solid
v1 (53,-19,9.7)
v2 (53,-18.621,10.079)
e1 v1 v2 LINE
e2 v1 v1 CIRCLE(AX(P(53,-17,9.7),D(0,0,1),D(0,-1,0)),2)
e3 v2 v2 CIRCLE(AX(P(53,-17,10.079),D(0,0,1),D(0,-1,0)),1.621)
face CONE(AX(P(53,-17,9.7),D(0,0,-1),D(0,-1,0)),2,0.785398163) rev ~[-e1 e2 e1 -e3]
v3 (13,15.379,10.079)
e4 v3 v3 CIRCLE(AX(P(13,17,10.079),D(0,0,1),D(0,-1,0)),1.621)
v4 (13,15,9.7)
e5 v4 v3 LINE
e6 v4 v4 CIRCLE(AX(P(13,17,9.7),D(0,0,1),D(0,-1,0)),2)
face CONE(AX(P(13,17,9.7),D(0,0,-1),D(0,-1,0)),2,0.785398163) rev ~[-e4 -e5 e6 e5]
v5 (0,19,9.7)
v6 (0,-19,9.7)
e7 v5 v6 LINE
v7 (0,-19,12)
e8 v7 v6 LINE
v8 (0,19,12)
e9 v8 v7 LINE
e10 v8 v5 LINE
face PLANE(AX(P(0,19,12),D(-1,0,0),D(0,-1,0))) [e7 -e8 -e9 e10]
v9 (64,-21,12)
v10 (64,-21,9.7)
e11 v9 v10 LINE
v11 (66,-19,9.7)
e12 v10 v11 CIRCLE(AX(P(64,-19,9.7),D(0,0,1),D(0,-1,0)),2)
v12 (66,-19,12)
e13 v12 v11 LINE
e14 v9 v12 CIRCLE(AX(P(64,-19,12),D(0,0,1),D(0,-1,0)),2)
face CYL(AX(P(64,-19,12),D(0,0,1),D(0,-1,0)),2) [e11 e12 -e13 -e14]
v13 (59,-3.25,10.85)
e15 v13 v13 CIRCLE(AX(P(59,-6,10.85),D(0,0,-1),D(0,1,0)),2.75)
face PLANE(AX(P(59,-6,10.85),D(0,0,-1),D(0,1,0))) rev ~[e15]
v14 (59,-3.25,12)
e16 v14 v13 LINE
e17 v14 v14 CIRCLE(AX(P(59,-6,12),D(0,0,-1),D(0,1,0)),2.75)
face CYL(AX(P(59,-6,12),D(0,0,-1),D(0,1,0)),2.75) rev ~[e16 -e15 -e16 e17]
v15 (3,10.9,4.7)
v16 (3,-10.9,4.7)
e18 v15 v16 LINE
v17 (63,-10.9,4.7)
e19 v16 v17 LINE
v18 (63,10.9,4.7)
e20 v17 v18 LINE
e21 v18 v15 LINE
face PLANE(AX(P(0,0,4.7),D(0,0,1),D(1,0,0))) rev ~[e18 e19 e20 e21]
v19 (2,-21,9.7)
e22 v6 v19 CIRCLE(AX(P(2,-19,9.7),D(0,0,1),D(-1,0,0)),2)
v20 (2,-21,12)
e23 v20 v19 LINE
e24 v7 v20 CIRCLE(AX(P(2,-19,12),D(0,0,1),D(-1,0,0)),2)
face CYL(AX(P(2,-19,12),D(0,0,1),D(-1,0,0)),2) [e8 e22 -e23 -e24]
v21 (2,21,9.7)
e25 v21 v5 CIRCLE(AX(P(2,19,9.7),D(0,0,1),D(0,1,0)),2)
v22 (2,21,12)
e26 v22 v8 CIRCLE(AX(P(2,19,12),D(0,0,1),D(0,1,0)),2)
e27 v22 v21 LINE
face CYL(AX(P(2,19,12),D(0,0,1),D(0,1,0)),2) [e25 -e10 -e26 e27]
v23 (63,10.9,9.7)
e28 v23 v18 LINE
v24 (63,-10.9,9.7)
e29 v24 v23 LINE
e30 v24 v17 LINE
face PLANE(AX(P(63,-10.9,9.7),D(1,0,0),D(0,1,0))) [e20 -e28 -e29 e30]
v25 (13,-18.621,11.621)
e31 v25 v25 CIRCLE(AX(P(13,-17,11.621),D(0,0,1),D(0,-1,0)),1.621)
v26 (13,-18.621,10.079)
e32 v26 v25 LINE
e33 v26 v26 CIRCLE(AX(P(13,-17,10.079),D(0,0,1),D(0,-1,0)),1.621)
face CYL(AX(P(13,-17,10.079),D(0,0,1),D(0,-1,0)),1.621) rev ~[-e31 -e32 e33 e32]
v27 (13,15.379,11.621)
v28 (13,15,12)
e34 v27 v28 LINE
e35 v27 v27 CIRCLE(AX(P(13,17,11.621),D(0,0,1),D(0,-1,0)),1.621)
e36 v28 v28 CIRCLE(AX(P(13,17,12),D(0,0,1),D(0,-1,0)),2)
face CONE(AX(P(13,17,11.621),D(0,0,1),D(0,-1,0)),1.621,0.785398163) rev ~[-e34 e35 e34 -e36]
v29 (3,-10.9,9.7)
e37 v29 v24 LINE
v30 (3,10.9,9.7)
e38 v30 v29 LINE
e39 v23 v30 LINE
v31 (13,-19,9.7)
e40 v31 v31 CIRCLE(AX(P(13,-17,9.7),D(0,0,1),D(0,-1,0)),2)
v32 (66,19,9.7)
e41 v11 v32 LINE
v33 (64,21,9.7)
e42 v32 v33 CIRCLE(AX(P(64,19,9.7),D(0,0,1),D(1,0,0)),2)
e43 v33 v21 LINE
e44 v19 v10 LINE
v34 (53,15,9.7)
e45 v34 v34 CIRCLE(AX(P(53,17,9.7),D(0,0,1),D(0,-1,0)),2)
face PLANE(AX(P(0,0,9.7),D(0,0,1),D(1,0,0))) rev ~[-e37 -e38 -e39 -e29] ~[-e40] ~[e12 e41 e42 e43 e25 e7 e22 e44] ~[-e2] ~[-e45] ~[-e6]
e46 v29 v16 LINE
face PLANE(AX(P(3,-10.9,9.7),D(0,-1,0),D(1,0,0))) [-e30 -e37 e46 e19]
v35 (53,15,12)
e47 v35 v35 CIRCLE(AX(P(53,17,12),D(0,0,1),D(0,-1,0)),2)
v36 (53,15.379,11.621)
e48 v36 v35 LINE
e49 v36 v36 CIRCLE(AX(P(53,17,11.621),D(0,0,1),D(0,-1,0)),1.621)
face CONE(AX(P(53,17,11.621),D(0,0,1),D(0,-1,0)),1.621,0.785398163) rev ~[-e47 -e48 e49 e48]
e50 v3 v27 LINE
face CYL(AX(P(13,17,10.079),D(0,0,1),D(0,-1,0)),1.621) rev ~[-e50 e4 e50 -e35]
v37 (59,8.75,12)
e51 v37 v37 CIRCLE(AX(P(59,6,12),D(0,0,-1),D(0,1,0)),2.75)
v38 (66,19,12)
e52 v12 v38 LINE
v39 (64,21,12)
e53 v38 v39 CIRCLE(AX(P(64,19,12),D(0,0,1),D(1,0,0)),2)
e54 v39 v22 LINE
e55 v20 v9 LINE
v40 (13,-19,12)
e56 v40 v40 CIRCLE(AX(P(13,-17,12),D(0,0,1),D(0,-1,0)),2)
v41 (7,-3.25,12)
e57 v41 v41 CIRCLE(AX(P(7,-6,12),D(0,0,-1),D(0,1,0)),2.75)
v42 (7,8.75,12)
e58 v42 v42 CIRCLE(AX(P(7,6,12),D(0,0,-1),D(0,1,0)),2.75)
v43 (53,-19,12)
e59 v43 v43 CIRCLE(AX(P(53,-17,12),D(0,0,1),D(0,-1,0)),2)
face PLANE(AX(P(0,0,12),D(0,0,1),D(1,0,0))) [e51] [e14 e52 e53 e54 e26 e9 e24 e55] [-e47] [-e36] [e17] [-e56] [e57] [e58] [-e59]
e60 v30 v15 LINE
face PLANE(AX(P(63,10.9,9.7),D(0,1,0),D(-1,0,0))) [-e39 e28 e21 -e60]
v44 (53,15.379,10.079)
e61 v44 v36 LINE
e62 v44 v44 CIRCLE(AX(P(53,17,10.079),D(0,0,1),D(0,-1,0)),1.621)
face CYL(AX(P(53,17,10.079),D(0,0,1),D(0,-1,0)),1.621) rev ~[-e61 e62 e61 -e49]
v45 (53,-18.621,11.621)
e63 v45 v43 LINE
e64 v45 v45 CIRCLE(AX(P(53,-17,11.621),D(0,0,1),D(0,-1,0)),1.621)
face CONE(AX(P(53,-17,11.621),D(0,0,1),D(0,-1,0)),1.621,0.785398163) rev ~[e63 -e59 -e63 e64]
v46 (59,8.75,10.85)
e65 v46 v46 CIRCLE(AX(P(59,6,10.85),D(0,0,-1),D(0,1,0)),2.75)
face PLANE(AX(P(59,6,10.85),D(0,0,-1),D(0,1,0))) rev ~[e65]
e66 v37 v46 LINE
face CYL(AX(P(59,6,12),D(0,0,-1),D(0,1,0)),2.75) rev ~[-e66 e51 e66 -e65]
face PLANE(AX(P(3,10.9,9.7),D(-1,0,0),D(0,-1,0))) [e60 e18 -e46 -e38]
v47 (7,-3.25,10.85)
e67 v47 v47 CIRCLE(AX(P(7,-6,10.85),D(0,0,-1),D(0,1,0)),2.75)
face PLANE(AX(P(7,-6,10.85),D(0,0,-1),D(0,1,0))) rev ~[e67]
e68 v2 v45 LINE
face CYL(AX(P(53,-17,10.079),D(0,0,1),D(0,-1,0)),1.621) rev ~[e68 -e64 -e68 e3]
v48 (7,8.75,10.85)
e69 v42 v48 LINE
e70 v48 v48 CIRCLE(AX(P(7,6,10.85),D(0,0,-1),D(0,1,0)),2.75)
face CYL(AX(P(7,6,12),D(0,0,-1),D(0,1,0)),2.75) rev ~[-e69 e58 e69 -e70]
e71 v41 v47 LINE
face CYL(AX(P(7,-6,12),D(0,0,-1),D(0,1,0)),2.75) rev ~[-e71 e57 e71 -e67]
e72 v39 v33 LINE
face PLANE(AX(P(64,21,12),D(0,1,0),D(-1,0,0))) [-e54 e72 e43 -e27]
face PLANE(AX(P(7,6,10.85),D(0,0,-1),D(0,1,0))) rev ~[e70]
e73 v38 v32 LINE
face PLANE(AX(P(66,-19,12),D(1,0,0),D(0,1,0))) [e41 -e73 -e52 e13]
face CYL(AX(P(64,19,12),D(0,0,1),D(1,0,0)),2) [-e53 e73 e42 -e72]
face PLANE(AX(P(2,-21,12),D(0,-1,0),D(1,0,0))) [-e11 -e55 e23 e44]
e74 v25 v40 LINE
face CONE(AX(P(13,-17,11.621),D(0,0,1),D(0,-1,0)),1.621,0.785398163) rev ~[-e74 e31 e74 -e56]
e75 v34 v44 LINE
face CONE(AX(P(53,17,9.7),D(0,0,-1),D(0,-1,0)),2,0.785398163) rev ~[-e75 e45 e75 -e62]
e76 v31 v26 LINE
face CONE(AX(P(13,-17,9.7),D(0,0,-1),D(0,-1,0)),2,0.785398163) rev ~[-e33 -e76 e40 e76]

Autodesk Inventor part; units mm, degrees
sketch "Sketch_1" plane through (0, 0, 12) normal (0, 0, 1) x (1, 0, 0)
  arc A0 (0, -19) -> (2, -21) centre (2, -19) ccw
  line L0 (2, -21) -> (64, -21)
  arc A1 (64, -21) -> (66, -19) centre (64, -19) ccw
  line L1 (66, -19) -> (66, 19)
  arc A2 (66, 19) -> (64, 21) centre (64, 19) ccw
  line L2 (64, 21) -> (2, 21)
  arc A3 (2, 21) -> (0, 19) centre (2, 19) ccw
  line L3 (0, 19) -> (0, -19)
extrude "Extrusion1" add sketch "Sketch_1" against normal blind 2.3
sketch "Sketch_6" plane through (0, 0, 9.7) normal (0, 0, 1) x (1, 0, 0)
  line L0 (3, 10.9) -> (3, -10.9)
  line L1 (3, -10.9) -> (63, -10.9)
  line L2 (63, -10.9) -> (63, 10.9)
  line L3 (63, 10.9) -> (3, 10.9)
extrude "Extrusion2" add sketch "Sketch_6" against normal blind 5
sketch "Sketch_2_ALT_Drilling_1" plane through (13, 0, 0) normal (1, 0, 0) x (0, 0, -1)
  line L0 (-12, 17) -> (-9.7, 17)
  line L1 (-9.7, 17) -> (-9.7, 15)
  line L2 (-9.7, 15) -> (-10.079, 15.379)
  line L3 (-10.079, 15.379) -> (-11.621, 15.379)
  line L4 (-11.621, 15.379) -> (-12, 15)
  line L5 (-12, 15) -> (-12, 17)
  line L6 (-12, 17) -> (-9.7, 17)
revolve "Revolution1" cut sketch "Sketch_2_ALT_Drilling_1" angle 360 about axis through (13, 17, 12) along (0, 0, 1)
thread "Thread1" size "M4x0.7" class "6H" standard "ISO Metric profile" full length
sketch "Sketch_3_ALT_Drilling_2" plane through (13, 0, 0) normal (1, 0, 0) x (0, 0, -1)
  line L0 (-12, -17) -> (-9.7, -17)
  line L1 (-9.7, -17) -> (-9.7, -19)
  line L2 (-9.7, -19) -> (-10.079, -18.621)
  line L3 (-10.079, -18.621) -> (-11.621, -18.621)
  line L4 (-11.621, -18.621) -> (-12, -19)
  line L5 (-12, -19) -> (-12, -17)
  line L6 (-12, -17) -> (-9.7, -17)
revolve "Revolution2" cut sketch "Sketch_3_ALT_Drilling_2" angle 360 about axis through (13, -17, 12) along (0, 0, 1)
thread "Thread2" size "M4x0.7" class "6H" standard "ISO Metric profile" full length
sketch "Sketch_4_ALT_Drilling_3" plane through (53, 0, 0) normal (1, 0, 0) x (0, 0, -1)
  line L0 (-12, 17) -> (-9.7, 17)
  line L1 (-9.7, 17) -> (-9.7, 15)
  line L2 (-9.7, 15) -> (-10.079, 15.379)
  line L3 (-10.079, 15.379) -> (-11.621, 15.379)
  line L4 (-11.621, 15.379) -> (-12, 15)
  line L5 (-12, 15) -> (-12, 17)
  line L6 (-12, 17) -> (-9.7, 17)
revolve "Revolution3" cut sketch "Sketch_4_ALT_Drilling_3" angle 360 about axis through (53, 17, 12) along (0, 0, 1)
thread "Thread3" size "M4x0.7" class "6H" standard "ISO Metric profile" full length
sketch "Sketch_5_ALT_Drilling_4" plane through (53, 0, 0) normal (1, 0, 0) x (0, 0, -1)
  line L0 (-12, -17) -> (-9.7, -17)
  line L1 (-9.7, -17) -> (-9.7, -19)
  line L2 (-9.7, -19) -> (-10.079, -18.621)
  line L3 (-10.079, -18.621) -> (-11.621, -18.621)
  line L4 (-11.621, -18.621) -> (-12, -19)
  line L5 (-12, -19) -> (-12, -17)
  line L6 (-12, -17) -> (-9.7, -17)
revolve "Revolution4" cut sketch "Sketch_5_ALT_Drilling_4" angle 360 about axis through (53, -17, 12) along (0, 0, 1)
thread "Thread4" size "M4x0.7" class "6H" standard "ISO Metric profile" full length
sketch "Sketch_8_ALT_Drilling_5" plane through (7, 0, 0) normal (1, 0, 0) x (0, 0, -1)
  line L0 (-10.85, 6) -> (-12, 6)
  line L1 (-12, 6) -> (-12, 8.75)
  line L2 (-12, 8.75) -> (-10.85, 8.75)
  line L3 (-10.85, 8.75) -> (-10.85, 6)
  line L4 (-10.85, 6) -> (-12, 6)
revolve "Revolution5" cut sketch "Sketch_8_ALT_Drilling_5" angle 360 about axis through (7, 6, 10.85) along (0, 0, -1)
sketch "Sketch_9_ALT_Drilling_6" plane through (7, 0, 0) normal (1, 0, 0) x (0, 0, -1)
  line L0 (-10.85, -6) -> (-12, -6)
  line L1 (-12, -6) -> (-12, -3.25)
  line L2 (-12, -3.25) -> (-10.85, -3.25)
  line L3 (-10.85, -3.25) -> (-10.85, -6)
  line L4 (-10.85, -6) -> (-12, -6)
revolve "Revolution6" cut sketch "Sketch_9_ALT_Drilling_6" angle 360 about axis through (7, -6, 10.85) along (0, 0, -1)
sketch "Sketch_10_ALT_Drilling_7" plane through (59, 0, 0) normal (1, 0, 0) x (0, 0, -1)
  line L0 (-10.85, 6) -> (-12, 6)
  line L1 (-12, 6) -> (-12, 8.75)
  line L2 (-12, 8.75) -> (-10.85, 8.75)
  line L3 (-10.85, 8.75) -> (-10.85, 6)
  line L4 (-10.85, 6) -> (-12, 6)
revolve "Revolution7" cut sketch "Sketch_10_ALT_Drilling_7" angle 360 about axis through (59, 6, 10.85) along (0, 0, -1)
sketch "Sketch_11_ALT_Drilling_8" plane through (59, 0, 0) normal (1, 0, 0) x (0, 0, -1)
  line L0 (-10.85, -6) -> (-12, -6)
  line L1 (-12, -6) -> (-12, -3.25)
  line L2 (-12, -3.25) -> (-10.85, -3.25)
  line L3 (-10.85, -3.25) -> (-10.85, -6)
  line L4 (-10.85, -6) -> (-12, -6)
revolve "Revolution8" cut sketch "Sketch_11_ALT_Drilling_8" angle 360 about axis through (59, -6, 10.85) along (0, 0, -1)
ref_plane "slider_ip1_XY" through (0, 0, 0) normal (1, 0, 0) x (0, 0, -1)
ref_plane "slider_ip1_YZ" through (0, 0, 0) normal (0, 0, -1) x (0, 1, 0)
ref_plane "slider_ip1_ZX" through (0, 0, 0) normal (0, 1, 0) x (1, 0, 0)
properties part number "FBW2560R+640 L Slider"
